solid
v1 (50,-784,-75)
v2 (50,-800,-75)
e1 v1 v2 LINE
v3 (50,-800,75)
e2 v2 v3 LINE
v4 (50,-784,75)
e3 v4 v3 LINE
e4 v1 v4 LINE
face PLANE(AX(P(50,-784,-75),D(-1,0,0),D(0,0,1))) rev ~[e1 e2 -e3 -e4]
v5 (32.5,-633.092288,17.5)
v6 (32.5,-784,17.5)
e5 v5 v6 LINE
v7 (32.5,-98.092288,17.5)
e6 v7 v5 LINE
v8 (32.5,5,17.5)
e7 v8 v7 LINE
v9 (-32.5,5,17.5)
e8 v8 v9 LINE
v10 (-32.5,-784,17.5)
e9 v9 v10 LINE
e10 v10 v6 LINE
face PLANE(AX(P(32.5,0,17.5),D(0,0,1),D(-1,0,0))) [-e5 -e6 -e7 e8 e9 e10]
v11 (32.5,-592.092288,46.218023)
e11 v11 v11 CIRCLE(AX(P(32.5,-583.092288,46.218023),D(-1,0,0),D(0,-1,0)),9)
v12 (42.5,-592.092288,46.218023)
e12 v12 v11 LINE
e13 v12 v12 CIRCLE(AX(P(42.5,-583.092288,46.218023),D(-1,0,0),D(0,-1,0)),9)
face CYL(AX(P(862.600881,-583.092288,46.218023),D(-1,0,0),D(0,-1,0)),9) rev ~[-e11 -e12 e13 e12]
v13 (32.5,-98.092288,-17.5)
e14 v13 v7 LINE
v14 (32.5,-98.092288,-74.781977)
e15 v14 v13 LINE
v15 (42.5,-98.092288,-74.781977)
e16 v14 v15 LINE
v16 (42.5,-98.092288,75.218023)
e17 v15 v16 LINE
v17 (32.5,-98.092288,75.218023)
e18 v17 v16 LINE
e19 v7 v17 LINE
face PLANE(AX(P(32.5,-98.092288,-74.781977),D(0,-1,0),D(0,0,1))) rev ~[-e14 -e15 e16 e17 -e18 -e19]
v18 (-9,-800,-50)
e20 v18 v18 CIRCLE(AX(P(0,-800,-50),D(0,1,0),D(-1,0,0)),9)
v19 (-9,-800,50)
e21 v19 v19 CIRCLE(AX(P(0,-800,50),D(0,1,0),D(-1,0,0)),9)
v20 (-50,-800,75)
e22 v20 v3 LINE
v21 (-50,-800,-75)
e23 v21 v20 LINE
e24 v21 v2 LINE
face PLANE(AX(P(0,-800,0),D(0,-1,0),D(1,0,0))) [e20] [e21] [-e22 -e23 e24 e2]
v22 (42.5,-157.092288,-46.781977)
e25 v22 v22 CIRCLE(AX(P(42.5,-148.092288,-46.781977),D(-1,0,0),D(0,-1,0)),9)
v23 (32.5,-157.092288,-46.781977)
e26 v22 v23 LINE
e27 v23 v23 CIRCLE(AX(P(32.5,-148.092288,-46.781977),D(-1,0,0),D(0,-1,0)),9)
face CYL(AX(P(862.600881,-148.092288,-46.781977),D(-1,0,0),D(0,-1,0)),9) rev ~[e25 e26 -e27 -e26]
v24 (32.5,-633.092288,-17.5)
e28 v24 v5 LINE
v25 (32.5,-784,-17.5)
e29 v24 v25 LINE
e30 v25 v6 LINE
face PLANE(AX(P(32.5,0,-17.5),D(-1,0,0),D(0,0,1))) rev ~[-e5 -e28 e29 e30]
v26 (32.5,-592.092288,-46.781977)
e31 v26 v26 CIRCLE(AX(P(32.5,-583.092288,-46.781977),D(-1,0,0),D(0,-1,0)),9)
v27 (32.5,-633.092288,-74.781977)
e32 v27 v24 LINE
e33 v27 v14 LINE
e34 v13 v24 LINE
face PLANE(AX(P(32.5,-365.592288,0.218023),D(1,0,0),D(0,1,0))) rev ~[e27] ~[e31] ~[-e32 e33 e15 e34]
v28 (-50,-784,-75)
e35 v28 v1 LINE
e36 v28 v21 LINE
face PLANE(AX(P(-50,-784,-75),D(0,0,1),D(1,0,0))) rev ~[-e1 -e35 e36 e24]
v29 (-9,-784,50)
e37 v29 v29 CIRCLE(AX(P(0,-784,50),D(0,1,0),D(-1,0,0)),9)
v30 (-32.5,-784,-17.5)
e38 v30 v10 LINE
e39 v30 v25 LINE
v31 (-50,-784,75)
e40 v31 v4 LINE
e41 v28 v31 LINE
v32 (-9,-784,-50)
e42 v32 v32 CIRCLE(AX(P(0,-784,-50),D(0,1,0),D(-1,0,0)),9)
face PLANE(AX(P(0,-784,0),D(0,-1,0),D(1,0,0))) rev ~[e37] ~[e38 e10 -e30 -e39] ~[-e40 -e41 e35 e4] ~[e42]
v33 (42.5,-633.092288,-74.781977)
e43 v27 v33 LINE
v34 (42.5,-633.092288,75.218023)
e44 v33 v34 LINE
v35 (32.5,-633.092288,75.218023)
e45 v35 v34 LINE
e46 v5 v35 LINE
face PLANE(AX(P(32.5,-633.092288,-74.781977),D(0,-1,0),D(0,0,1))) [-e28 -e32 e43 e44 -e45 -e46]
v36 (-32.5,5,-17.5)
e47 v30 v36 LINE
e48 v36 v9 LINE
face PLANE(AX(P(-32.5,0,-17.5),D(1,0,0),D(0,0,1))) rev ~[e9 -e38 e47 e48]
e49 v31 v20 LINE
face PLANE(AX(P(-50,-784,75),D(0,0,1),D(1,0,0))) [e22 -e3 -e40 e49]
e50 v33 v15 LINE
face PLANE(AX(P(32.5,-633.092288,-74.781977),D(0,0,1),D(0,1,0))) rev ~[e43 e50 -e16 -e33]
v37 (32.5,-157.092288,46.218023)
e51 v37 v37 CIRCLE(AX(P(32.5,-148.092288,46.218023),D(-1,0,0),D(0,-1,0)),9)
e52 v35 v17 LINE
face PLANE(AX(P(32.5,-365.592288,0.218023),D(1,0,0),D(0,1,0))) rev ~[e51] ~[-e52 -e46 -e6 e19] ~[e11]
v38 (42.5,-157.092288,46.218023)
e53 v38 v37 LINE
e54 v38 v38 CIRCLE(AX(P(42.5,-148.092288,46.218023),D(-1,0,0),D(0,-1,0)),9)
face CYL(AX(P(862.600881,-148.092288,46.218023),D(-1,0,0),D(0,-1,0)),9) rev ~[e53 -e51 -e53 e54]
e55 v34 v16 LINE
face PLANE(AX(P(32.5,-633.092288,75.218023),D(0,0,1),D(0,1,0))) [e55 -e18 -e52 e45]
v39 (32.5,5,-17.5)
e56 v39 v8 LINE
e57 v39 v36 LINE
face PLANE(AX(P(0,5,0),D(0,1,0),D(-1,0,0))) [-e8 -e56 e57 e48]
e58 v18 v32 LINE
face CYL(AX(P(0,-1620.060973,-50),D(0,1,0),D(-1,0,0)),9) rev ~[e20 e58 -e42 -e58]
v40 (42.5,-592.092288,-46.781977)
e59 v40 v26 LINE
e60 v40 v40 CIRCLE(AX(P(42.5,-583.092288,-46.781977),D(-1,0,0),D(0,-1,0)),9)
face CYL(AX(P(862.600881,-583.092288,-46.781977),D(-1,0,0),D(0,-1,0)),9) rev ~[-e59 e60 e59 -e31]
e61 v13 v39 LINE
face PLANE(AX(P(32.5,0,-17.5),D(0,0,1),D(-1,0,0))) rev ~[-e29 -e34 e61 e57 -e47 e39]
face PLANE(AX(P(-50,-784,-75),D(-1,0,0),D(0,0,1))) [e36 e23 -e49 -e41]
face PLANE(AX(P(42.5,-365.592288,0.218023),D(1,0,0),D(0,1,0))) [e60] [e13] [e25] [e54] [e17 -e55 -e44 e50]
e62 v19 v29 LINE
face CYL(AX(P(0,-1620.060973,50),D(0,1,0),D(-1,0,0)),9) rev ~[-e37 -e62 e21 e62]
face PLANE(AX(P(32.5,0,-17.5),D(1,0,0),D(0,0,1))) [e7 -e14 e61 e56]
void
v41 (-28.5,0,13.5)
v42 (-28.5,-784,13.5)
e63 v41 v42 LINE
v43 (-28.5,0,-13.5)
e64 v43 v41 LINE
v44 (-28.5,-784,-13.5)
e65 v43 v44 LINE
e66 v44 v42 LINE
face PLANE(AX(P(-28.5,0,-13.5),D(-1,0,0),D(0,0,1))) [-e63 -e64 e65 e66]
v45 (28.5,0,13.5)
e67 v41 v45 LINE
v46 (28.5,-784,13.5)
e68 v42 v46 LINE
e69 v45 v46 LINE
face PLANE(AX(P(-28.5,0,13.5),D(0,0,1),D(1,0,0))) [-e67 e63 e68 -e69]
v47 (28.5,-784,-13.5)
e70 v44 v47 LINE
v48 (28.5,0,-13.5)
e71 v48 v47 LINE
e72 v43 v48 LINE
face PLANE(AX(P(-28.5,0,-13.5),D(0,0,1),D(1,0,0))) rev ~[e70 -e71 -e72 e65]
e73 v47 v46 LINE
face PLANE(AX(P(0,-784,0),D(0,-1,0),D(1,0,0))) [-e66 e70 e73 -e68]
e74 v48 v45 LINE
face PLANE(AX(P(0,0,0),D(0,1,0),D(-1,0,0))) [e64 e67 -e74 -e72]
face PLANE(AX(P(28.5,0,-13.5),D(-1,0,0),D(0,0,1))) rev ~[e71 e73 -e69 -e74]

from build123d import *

# Parameters (mm, degrees)
F0_W      = 65
F0_H      = 35
F0_W_2    = 57
F0_H_2    = 27
F1_DEPTH  = 784
F2_W      = 100
F2_H      = 150
F3_DEPTH  = 16
F5_D      = 18
F6_W      = 535
F6_H      = 150
F7_DEPTH  = 10
F9_D      = 18
F10_W     = 65
F10_H     = 35
F11_DEPTH = 5


with BuildPart() as f1:
    # F0 (on Front) → F1 (new body)
    with BuildSketch(Plane.XZ):
        Rectangle(F0_W, F0_H)
        Rectangle(F0_W_2, F0_H_2, mode=Mode.SUBTRACT)
    extrude(amount=F1_DEPTH)

    # F2 (on face) → F3 (join)
    with BuildSketch(Plane.XZ.offset(784)):
        Rectangle(F2_W, F2_H)
    extrude(amount=F3_DEPTH)

    # F5 (through all)
    with Locations(Plane.XZ.offset(800)):
        with Locations((0, 50), (0, -50)):
            Hole(F5_D / 2)

    # F6 (on face) → F7 (join)
    with BuildSketch(Plane.YZ.offset(32.5)):
        with Locations((-365.592288, 0.218023)):
            Rectangle(F6_W, F6_H)
    extrude(amount=F7_DEPTH)

    # F9 (through all)
    with Locations(Plane.YZ.offset(42.5)):
        with Locations((-148.092288, 46.218023), (-148.092288, -46.781977), (-583.092288, -46.781977), (-583.092288, 46.218023)):
            Hole(F9_D / 2)

    # F10 (on face) → F11 (join)
    with BuildSketch(Plane(origin=(0, 0, 0), x_dir=(-1, 0, 0), z_dir=(0, 1, 0))):
        Rectangle(F10_W, F10_H)
    extrude(amount=F11_DEPTH)


solid = f1.part
